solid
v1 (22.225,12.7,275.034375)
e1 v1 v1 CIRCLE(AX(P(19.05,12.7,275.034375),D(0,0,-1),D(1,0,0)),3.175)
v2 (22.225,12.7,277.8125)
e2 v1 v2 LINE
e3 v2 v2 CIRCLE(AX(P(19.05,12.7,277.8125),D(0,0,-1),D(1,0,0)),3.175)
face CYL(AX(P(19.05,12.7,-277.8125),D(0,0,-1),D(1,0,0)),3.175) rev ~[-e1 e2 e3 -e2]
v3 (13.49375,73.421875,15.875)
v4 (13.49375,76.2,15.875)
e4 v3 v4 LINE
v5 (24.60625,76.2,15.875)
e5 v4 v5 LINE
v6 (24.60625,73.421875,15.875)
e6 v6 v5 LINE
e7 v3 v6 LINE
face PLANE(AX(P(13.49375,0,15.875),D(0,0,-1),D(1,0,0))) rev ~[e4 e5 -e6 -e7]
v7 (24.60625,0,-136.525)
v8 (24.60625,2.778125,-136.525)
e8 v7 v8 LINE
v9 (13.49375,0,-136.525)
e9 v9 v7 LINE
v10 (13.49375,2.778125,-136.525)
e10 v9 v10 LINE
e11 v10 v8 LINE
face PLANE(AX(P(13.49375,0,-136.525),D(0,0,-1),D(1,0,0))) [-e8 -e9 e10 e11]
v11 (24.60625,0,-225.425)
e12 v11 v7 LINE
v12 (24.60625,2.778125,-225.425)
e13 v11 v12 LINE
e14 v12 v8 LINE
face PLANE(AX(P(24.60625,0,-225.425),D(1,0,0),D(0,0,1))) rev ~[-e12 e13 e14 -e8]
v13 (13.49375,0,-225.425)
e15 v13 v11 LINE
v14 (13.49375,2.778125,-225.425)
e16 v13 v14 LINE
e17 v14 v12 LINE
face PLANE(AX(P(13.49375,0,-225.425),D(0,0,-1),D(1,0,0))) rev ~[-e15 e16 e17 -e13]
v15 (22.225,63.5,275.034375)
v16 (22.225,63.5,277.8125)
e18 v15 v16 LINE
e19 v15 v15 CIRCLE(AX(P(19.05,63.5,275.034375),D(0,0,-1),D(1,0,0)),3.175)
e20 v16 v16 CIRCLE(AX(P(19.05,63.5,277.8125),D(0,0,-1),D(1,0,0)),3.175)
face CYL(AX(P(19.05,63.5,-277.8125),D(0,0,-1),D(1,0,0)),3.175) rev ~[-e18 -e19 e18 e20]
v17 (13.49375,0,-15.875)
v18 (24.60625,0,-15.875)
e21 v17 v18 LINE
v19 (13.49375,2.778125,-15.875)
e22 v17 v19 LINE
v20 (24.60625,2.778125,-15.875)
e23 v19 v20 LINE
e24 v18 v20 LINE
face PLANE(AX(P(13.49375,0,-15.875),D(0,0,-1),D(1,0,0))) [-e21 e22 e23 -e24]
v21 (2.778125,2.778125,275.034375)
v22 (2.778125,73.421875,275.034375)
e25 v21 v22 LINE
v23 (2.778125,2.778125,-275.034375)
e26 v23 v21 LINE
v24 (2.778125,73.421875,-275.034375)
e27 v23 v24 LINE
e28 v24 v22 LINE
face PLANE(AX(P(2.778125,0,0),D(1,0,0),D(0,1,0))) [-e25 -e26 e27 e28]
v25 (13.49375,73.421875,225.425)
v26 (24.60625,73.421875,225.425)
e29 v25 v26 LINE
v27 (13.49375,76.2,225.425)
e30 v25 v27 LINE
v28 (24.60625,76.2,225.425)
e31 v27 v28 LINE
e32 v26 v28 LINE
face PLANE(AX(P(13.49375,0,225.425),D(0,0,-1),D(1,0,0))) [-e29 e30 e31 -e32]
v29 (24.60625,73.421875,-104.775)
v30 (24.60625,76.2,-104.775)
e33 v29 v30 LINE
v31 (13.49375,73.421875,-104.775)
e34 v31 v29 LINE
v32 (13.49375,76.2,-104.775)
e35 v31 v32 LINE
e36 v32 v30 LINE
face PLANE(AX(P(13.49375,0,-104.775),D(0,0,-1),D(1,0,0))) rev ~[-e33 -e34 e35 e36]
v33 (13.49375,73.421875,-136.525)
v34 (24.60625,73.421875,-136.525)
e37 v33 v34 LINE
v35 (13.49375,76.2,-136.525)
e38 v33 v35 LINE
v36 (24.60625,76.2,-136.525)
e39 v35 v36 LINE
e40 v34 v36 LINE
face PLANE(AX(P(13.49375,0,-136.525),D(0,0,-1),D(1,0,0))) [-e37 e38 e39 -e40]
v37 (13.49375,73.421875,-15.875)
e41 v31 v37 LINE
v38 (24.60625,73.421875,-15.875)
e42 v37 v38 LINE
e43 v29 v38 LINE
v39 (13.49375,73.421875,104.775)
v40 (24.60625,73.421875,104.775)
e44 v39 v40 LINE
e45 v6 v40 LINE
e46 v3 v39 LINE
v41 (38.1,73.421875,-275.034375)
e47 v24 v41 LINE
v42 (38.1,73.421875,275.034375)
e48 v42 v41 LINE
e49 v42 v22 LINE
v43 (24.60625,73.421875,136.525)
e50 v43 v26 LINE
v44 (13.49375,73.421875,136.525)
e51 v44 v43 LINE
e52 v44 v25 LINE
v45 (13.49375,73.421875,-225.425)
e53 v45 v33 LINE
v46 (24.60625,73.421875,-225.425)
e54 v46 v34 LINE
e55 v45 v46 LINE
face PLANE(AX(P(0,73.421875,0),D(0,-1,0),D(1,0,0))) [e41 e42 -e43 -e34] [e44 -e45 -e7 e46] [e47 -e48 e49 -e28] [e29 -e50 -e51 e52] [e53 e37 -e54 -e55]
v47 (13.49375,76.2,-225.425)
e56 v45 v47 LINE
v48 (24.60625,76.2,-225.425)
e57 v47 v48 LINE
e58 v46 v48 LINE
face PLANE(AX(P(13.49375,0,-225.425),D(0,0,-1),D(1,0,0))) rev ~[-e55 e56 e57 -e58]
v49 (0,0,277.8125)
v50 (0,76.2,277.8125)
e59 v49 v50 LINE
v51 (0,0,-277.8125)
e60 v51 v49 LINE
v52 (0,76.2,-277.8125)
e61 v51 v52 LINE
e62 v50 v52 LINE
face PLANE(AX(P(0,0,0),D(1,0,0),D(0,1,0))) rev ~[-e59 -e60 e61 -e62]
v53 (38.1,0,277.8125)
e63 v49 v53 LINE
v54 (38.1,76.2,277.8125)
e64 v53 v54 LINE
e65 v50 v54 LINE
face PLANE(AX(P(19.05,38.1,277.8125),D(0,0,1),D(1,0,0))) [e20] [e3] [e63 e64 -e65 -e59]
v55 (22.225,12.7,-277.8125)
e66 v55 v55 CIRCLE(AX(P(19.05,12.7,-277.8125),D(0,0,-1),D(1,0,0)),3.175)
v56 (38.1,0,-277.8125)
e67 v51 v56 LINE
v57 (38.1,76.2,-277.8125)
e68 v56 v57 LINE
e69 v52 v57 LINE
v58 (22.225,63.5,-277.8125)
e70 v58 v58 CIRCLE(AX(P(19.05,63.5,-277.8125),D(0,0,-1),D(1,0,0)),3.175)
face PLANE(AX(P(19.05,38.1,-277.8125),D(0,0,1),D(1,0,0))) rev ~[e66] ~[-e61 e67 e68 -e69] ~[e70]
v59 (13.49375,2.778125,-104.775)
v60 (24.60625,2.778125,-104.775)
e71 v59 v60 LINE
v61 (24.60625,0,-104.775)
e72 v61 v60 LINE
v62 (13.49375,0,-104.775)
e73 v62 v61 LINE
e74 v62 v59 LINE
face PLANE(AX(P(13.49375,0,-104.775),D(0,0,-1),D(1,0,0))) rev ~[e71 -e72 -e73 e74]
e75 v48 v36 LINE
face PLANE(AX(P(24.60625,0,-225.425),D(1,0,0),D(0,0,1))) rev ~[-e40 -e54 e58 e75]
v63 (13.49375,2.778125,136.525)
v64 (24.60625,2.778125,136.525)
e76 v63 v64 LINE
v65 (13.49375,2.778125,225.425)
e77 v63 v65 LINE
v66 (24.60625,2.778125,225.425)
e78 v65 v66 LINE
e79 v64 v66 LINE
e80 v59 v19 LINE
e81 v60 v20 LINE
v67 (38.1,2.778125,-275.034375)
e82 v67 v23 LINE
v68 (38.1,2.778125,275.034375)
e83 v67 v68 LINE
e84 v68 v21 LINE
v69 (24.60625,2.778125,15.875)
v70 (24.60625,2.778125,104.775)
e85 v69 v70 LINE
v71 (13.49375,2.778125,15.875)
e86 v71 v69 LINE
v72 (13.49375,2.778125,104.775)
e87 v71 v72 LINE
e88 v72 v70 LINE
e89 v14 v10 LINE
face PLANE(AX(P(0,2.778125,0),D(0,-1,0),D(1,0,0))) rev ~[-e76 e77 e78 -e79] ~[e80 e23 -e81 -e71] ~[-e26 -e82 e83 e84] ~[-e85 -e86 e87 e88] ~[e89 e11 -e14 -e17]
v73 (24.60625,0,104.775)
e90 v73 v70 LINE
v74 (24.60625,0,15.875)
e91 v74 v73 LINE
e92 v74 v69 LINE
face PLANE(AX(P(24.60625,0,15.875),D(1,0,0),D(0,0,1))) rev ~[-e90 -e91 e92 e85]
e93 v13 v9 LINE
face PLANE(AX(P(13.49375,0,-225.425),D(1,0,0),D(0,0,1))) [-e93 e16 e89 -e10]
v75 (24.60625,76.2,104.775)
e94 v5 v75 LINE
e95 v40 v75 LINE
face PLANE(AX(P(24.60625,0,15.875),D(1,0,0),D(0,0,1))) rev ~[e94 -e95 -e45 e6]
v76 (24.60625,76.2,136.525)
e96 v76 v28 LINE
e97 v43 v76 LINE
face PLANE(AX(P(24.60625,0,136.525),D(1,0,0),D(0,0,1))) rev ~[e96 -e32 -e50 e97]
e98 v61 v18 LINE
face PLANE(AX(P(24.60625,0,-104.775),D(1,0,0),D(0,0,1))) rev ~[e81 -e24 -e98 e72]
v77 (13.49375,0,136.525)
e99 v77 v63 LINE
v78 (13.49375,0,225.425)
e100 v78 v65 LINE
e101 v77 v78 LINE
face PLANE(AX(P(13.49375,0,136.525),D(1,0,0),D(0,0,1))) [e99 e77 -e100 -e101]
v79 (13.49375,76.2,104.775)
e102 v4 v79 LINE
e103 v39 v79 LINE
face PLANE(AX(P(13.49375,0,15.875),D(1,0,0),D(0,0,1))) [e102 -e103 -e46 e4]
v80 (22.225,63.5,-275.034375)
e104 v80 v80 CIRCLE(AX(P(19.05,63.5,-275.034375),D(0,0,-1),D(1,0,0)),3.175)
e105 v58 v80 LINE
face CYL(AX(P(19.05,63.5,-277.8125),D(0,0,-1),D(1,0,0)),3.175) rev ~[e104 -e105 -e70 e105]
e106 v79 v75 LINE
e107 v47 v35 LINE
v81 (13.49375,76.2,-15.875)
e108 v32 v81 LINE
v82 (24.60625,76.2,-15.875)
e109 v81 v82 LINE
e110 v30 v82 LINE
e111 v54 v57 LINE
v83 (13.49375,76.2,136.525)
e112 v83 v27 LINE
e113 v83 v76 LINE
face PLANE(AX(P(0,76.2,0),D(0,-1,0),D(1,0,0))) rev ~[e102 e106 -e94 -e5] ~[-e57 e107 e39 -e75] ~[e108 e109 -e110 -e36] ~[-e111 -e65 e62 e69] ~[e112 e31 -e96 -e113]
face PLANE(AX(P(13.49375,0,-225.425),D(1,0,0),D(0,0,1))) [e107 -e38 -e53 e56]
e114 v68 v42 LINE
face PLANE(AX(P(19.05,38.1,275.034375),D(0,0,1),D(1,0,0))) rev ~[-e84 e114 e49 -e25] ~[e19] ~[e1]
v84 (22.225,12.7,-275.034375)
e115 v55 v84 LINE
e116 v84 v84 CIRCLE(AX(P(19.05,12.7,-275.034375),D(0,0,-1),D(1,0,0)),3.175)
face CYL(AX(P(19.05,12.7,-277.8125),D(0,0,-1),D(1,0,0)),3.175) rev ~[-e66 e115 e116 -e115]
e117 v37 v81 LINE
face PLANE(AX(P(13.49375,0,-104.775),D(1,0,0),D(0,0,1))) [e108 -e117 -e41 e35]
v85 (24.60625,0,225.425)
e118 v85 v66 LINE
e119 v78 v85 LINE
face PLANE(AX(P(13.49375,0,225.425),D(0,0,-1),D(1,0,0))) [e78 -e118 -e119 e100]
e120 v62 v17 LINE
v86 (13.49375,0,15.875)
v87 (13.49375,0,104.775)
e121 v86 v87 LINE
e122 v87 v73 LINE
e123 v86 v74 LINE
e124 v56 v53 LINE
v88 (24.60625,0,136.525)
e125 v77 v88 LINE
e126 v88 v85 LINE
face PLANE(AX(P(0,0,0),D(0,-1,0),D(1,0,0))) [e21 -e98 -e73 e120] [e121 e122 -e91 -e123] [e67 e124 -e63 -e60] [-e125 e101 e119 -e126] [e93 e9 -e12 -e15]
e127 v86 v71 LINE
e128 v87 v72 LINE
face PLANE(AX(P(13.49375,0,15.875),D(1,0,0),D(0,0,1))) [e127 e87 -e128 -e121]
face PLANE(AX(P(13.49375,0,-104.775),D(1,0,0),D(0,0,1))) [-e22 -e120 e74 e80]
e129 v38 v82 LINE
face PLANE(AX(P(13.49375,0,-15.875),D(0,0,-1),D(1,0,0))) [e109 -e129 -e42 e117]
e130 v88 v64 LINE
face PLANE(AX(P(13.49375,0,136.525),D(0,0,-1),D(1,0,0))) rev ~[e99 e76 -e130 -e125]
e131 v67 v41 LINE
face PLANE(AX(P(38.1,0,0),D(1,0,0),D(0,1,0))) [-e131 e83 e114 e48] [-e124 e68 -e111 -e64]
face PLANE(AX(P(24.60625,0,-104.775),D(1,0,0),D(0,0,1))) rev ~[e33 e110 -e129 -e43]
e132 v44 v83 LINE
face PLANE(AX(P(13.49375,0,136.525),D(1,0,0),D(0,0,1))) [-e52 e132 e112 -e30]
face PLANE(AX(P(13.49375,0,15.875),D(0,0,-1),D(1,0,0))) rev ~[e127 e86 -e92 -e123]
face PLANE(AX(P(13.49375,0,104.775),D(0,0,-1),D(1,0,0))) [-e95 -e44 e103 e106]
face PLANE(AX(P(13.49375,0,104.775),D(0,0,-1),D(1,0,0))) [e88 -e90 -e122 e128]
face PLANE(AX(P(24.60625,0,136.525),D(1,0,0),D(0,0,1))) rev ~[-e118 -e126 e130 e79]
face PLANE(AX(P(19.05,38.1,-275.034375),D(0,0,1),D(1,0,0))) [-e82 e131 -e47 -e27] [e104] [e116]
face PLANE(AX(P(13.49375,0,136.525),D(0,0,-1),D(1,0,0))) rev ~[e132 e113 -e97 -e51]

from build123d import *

# Parameters (mm, degrees)
F0_W     = 38.1
F0_H     = 76.2
F1_DEPTH = 277.8125
F2_T     = -2.778125
F3_R     = 3.175
F4_DEPTH = 555.626
F5_W     = 11.1125
F5_H     = 88.9
F6_DEPTH = 76.201


with BuildPart() as f1:
    # F0 (on Top) → F1 (new body, symmetric)
    with BuildSketch(Plane.XY):
        with Locations((19.05, 38.1)):
            Rectangle(F0_W, F0_H)
    extrude(amount=F1_DEPTH, both=True)

    # F2
    f2_openings = [f1.faces().sort_by_distance(p)[0] for p in [
        (38.1, 38.1, 0),
    ]]
    offset(amount=F2_T, openings=f2_openings)

    # F3 (on face) → F4 (cut, through all)
    with BuildSketch(Plane(origin=(0, 0, -277.8125), x_dir=(1, 0, 0), z_dir=(0, 0, -1))):
        with Locations((19.05, -12.7)):
            Circle(F3_R)
        with Locations((19.05, -63.5)):
            Circle(F3_R)
    extrude(amount=-F4_DEPTH, mode=Mode.SUBTRACT)

    # F5 (on face) → F6 (cut, through all)
    with BuildSketch(Plane.XZ):
        with Locations((19.05, -180.975)):
            Rectangle(F5_W, F5_H)
        with Locations((19.05, -60.325)):
            Rectangle(F5_W, F5_H)
        with Locations((19.05, 60.325)):
            Rectangle(F5_W, F5_H)
        with Locations((19.05, 180.975)):
            Rectangle(F5_W, F5_H)
    extrude(amount=-F6_DEPTH, mode=Mode.SUBTRACT)


solid = f1.part
